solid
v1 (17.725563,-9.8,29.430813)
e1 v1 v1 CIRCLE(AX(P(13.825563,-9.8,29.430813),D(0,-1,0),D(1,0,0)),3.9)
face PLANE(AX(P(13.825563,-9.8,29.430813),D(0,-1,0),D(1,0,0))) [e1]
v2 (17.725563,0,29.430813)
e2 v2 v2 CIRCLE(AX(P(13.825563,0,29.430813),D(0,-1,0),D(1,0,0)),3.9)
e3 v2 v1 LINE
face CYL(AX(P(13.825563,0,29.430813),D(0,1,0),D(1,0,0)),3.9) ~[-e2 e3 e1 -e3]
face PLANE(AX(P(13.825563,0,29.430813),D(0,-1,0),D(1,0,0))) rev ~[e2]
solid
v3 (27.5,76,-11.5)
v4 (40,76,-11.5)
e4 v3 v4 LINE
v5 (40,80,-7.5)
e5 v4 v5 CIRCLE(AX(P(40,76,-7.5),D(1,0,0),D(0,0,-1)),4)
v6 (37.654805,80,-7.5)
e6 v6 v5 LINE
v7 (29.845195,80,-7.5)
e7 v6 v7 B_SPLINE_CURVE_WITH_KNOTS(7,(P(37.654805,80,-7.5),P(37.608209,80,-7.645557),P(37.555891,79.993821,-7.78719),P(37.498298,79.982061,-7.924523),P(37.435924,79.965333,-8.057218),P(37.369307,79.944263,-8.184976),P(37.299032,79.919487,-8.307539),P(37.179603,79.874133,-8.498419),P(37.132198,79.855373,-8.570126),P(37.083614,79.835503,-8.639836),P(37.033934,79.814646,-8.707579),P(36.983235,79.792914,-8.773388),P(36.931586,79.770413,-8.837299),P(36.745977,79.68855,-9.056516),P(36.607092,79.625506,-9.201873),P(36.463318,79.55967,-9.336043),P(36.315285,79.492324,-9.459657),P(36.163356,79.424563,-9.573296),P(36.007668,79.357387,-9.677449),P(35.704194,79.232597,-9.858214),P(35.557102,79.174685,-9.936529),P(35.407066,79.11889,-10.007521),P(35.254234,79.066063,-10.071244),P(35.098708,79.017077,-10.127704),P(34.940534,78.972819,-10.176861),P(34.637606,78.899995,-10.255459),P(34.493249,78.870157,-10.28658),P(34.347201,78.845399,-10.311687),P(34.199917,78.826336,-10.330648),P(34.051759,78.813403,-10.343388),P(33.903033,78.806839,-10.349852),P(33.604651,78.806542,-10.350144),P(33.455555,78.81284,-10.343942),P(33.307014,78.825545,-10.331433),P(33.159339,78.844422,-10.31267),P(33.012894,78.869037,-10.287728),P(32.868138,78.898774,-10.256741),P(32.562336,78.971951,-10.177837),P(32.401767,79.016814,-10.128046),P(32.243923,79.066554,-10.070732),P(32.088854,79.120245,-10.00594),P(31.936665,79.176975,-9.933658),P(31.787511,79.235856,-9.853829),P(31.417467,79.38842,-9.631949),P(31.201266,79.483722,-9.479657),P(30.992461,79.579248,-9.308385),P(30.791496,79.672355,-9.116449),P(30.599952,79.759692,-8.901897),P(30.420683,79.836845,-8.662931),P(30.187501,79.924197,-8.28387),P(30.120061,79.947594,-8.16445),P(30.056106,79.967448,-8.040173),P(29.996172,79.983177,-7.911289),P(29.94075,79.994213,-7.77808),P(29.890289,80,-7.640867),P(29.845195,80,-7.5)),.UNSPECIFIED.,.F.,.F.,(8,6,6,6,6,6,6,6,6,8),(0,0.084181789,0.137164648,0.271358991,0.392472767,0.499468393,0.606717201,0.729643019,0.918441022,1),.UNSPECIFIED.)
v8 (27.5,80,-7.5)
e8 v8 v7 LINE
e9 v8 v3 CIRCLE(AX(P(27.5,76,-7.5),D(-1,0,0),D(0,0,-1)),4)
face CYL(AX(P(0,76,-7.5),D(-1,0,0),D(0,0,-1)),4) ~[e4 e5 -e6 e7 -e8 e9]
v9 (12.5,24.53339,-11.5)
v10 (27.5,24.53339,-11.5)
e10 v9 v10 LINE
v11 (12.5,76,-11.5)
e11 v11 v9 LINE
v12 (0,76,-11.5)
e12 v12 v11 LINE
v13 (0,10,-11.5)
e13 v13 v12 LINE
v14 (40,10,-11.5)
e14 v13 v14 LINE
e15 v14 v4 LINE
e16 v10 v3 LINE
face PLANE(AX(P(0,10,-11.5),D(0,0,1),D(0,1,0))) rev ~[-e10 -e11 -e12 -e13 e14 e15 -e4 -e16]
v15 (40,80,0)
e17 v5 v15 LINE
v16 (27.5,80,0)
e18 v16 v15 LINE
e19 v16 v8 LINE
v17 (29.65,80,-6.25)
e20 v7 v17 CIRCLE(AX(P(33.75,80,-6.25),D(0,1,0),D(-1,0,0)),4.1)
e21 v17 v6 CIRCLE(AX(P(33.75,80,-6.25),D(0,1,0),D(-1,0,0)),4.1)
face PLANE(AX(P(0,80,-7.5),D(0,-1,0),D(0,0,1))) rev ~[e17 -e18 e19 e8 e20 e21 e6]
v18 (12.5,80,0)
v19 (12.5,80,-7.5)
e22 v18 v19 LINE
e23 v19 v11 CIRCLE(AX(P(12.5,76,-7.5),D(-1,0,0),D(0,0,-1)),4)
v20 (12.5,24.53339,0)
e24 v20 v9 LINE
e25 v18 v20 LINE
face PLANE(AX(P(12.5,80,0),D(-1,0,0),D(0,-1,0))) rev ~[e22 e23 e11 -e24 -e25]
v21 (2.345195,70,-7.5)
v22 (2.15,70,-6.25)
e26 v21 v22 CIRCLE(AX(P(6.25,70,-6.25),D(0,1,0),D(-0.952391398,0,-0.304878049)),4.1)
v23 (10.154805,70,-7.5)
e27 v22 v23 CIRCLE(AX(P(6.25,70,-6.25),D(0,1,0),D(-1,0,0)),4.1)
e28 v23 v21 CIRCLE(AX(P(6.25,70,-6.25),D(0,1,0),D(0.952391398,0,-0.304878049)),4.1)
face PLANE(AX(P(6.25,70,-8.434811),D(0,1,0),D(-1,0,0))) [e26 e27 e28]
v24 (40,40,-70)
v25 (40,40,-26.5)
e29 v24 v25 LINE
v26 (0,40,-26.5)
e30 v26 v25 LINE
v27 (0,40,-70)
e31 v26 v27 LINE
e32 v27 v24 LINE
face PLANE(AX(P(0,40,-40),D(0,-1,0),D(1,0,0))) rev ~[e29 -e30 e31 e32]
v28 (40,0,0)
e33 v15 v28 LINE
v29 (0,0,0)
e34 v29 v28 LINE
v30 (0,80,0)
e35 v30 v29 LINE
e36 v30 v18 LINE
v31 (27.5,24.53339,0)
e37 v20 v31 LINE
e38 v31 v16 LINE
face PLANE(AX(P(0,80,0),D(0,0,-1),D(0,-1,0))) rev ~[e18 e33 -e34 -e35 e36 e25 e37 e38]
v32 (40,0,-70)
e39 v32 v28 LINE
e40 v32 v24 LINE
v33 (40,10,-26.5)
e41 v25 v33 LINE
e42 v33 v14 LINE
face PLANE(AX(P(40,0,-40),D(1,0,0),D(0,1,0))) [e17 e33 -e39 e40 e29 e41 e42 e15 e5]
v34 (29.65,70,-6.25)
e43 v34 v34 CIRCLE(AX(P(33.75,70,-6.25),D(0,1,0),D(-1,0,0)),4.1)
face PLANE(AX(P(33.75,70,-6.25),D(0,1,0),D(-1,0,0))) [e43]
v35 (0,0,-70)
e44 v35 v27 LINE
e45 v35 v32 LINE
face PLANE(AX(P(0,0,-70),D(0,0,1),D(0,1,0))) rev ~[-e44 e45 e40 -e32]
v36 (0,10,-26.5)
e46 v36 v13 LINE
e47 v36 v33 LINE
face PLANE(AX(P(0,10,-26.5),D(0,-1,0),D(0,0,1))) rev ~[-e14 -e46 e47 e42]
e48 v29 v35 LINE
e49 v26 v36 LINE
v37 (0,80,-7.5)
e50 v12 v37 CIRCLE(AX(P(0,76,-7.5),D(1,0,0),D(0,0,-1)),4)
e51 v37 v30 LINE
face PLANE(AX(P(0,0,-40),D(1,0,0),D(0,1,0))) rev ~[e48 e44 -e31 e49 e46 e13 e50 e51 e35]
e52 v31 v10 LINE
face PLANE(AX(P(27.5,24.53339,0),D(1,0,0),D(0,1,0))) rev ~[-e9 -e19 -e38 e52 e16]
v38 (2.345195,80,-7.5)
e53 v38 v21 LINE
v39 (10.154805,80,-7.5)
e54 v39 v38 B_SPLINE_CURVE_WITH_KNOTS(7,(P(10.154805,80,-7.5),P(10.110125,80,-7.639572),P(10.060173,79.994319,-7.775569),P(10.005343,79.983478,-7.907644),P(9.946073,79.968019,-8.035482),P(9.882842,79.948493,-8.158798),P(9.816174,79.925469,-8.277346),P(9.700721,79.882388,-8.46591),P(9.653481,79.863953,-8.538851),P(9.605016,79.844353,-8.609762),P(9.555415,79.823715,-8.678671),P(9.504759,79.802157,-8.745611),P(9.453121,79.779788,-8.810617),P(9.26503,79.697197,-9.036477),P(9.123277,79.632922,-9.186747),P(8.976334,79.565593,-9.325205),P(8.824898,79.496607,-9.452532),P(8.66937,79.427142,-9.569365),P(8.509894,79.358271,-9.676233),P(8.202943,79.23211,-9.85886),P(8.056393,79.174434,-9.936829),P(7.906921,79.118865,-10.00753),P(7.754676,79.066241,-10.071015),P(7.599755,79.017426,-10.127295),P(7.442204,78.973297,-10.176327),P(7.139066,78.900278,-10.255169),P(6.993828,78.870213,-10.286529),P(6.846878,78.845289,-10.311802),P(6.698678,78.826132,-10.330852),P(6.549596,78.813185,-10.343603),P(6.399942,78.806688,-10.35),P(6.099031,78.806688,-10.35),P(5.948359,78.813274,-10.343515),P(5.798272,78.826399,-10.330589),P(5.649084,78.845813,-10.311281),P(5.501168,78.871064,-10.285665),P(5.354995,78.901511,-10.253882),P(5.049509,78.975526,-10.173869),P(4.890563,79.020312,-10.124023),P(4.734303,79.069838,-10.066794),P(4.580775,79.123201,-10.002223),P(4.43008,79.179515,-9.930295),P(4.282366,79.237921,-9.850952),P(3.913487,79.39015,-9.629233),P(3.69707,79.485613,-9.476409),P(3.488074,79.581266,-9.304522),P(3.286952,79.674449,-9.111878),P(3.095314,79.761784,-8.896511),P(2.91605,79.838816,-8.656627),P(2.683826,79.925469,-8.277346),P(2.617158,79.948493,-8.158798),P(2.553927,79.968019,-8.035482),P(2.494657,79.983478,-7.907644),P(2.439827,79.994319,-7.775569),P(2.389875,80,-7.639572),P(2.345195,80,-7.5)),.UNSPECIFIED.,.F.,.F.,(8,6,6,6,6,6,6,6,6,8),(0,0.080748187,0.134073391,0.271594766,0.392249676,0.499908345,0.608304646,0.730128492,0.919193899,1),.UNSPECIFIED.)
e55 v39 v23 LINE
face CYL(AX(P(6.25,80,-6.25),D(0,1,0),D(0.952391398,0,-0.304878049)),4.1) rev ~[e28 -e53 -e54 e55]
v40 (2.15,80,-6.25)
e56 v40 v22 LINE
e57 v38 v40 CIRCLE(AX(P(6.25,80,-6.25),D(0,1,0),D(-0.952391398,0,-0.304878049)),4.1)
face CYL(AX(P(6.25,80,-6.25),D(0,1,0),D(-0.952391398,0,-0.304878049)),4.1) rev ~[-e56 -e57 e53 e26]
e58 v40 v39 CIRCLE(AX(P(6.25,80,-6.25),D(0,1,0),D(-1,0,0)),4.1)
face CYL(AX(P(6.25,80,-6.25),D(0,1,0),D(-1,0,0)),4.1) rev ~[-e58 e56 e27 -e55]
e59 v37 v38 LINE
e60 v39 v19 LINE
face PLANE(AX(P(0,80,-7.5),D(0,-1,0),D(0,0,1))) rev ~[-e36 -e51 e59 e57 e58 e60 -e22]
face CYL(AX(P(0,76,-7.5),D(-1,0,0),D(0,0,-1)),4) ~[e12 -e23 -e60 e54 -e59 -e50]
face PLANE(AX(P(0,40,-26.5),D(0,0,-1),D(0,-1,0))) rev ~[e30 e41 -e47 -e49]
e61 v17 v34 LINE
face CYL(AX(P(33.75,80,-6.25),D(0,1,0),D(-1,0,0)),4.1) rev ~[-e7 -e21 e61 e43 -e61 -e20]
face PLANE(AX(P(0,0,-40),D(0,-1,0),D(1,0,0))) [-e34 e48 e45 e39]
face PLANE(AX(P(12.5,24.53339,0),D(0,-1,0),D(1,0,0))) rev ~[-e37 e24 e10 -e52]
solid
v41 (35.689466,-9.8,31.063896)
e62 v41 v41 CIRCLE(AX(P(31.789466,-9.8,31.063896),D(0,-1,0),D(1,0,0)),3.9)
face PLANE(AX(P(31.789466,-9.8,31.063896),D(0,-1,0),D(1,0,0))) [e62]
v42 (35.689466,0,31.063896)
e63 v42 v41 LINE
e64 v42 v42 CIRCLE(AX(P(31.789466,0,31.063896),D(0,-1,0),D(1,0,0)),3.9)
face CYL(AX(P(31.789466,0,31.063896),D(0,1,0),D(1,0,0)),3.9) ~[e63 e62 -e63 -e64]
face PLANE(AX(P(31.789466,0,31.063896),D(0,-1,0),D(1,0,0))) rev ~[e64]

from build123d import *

# Parameters (mm, degrees)
F1_DEPTH = 40
F3_DEPTH = 13
F4_DEPTH = 30
F5_R     = 4.1
F6_DEPTH = 10
F7_R     = 3.9
F8_DEPTH = 9.8


with BuildPart() as f1:
    # F0 (on Right) → F1 (new body)
    with BuildSketch(Plane.YZ):
        with BuildLine():
            Line((80, 0), (0, 0))
            Line((0, 0), (0, -40))
            Line((0, -40), (40, -40))
            Line((40, -40), (40, -26.5))
            Line((40, -26.5), (10, -26.5))
            Line((10, -26.5), (10, -11.5))
            Line((10, -11.5), (76, -11.5))
            ThreePointArc((76, -11.5), (78.8284271247, -10.3284271247), (80, -7.5))
            Line((80, -7.5), (80, 0))
        make_face()
    extrude(amount=F1_DEPTH)

    # F2 (on face) → F3 (cut)
    with BuildSketch(Plane.XY):
        Polygon((23.5, 61.394763397), (27.5, 55.0439104359), (27.5, 80), (12.5, 80), (12.5, 54.4665601667), (16, 61.1060882624), align=None)
        Polygon((16.5, 48.1157072056), (24, 48.4043823402), (27.5, 55.0439104359), (23.5, 61.394763397), (16, 61.1060882624), (12.5, 54.4665601667), align=None)
        Polygon((27.5, 55.0439104359), (24, 48.4043823402), (16.5, 48.1157072056), (12.5, 54.4665601667), (12.5, 24.5333899457), (27.5, 24.5333899457), align=None)
    extrude(amount=-F3_DEPTH, mode=Mode.SUBTRACT)

    # F4 (add): a face of the model
    f4_faces = [f1.faces().sort_by_distance(p)[0] for p in [
        (20, 20, -40),
    ]]
    extrude(f4_faces, amount=F4_DEPTH)

    # F5 (on face) → F6 (cut)
    with BuildSketch(Plane(origin=(0, 80, 0), x_dir=(-1, 0, 0), z_dir=(0, 1, 0))):
        with Locations((-33.75, -6.25)):
            Circle(F5_R)
        with BuildLine():
            Line((-2.3451952674, -7.5), (-10.1548047326, -7.5))
            ThreePointArc((-10.1548047326, -7.5), (-6.25, -10.35), (-2.3451952674, -7.5))
        make_face()
        with BuildLine():
            ThreePointArc((-2.3451952674, -7.5), (-2.199092731, -6.882574342), (-2.15, -6.25))
            ThreePointArc((-2.15, -6.25), (-6.882574342, -2.199092731), (-10.1548047326, -7.5))
            Line((-10.1548047326, -7.5), (-2.3451952674, -7.5))
        make_face()
    extrude(amount=-F6_DEPTH, mode=Mode.SUBTRACT)


with BuildPart() as f8:
    # F7 (on Front) → F8 (new body)
    with BuildSketch(Plane.XZ):
        with Locations((31.7894656528, 31.0638957384)):
            Circle(F7_R)
    extrude(amount=F8_DEPTH)


with BuildPart() as f8b:
    # F7 (on Front) → F8, piece 2 (new body)
    with BuildSketch(Plane.XZ):
        with Locations((13.8255626981, 29.4308128513)):
            Circle(F7_R)
    extrude(amount=F8_DEPTH)


solid = Compound([f1.part, f8.part, f8b.part])
